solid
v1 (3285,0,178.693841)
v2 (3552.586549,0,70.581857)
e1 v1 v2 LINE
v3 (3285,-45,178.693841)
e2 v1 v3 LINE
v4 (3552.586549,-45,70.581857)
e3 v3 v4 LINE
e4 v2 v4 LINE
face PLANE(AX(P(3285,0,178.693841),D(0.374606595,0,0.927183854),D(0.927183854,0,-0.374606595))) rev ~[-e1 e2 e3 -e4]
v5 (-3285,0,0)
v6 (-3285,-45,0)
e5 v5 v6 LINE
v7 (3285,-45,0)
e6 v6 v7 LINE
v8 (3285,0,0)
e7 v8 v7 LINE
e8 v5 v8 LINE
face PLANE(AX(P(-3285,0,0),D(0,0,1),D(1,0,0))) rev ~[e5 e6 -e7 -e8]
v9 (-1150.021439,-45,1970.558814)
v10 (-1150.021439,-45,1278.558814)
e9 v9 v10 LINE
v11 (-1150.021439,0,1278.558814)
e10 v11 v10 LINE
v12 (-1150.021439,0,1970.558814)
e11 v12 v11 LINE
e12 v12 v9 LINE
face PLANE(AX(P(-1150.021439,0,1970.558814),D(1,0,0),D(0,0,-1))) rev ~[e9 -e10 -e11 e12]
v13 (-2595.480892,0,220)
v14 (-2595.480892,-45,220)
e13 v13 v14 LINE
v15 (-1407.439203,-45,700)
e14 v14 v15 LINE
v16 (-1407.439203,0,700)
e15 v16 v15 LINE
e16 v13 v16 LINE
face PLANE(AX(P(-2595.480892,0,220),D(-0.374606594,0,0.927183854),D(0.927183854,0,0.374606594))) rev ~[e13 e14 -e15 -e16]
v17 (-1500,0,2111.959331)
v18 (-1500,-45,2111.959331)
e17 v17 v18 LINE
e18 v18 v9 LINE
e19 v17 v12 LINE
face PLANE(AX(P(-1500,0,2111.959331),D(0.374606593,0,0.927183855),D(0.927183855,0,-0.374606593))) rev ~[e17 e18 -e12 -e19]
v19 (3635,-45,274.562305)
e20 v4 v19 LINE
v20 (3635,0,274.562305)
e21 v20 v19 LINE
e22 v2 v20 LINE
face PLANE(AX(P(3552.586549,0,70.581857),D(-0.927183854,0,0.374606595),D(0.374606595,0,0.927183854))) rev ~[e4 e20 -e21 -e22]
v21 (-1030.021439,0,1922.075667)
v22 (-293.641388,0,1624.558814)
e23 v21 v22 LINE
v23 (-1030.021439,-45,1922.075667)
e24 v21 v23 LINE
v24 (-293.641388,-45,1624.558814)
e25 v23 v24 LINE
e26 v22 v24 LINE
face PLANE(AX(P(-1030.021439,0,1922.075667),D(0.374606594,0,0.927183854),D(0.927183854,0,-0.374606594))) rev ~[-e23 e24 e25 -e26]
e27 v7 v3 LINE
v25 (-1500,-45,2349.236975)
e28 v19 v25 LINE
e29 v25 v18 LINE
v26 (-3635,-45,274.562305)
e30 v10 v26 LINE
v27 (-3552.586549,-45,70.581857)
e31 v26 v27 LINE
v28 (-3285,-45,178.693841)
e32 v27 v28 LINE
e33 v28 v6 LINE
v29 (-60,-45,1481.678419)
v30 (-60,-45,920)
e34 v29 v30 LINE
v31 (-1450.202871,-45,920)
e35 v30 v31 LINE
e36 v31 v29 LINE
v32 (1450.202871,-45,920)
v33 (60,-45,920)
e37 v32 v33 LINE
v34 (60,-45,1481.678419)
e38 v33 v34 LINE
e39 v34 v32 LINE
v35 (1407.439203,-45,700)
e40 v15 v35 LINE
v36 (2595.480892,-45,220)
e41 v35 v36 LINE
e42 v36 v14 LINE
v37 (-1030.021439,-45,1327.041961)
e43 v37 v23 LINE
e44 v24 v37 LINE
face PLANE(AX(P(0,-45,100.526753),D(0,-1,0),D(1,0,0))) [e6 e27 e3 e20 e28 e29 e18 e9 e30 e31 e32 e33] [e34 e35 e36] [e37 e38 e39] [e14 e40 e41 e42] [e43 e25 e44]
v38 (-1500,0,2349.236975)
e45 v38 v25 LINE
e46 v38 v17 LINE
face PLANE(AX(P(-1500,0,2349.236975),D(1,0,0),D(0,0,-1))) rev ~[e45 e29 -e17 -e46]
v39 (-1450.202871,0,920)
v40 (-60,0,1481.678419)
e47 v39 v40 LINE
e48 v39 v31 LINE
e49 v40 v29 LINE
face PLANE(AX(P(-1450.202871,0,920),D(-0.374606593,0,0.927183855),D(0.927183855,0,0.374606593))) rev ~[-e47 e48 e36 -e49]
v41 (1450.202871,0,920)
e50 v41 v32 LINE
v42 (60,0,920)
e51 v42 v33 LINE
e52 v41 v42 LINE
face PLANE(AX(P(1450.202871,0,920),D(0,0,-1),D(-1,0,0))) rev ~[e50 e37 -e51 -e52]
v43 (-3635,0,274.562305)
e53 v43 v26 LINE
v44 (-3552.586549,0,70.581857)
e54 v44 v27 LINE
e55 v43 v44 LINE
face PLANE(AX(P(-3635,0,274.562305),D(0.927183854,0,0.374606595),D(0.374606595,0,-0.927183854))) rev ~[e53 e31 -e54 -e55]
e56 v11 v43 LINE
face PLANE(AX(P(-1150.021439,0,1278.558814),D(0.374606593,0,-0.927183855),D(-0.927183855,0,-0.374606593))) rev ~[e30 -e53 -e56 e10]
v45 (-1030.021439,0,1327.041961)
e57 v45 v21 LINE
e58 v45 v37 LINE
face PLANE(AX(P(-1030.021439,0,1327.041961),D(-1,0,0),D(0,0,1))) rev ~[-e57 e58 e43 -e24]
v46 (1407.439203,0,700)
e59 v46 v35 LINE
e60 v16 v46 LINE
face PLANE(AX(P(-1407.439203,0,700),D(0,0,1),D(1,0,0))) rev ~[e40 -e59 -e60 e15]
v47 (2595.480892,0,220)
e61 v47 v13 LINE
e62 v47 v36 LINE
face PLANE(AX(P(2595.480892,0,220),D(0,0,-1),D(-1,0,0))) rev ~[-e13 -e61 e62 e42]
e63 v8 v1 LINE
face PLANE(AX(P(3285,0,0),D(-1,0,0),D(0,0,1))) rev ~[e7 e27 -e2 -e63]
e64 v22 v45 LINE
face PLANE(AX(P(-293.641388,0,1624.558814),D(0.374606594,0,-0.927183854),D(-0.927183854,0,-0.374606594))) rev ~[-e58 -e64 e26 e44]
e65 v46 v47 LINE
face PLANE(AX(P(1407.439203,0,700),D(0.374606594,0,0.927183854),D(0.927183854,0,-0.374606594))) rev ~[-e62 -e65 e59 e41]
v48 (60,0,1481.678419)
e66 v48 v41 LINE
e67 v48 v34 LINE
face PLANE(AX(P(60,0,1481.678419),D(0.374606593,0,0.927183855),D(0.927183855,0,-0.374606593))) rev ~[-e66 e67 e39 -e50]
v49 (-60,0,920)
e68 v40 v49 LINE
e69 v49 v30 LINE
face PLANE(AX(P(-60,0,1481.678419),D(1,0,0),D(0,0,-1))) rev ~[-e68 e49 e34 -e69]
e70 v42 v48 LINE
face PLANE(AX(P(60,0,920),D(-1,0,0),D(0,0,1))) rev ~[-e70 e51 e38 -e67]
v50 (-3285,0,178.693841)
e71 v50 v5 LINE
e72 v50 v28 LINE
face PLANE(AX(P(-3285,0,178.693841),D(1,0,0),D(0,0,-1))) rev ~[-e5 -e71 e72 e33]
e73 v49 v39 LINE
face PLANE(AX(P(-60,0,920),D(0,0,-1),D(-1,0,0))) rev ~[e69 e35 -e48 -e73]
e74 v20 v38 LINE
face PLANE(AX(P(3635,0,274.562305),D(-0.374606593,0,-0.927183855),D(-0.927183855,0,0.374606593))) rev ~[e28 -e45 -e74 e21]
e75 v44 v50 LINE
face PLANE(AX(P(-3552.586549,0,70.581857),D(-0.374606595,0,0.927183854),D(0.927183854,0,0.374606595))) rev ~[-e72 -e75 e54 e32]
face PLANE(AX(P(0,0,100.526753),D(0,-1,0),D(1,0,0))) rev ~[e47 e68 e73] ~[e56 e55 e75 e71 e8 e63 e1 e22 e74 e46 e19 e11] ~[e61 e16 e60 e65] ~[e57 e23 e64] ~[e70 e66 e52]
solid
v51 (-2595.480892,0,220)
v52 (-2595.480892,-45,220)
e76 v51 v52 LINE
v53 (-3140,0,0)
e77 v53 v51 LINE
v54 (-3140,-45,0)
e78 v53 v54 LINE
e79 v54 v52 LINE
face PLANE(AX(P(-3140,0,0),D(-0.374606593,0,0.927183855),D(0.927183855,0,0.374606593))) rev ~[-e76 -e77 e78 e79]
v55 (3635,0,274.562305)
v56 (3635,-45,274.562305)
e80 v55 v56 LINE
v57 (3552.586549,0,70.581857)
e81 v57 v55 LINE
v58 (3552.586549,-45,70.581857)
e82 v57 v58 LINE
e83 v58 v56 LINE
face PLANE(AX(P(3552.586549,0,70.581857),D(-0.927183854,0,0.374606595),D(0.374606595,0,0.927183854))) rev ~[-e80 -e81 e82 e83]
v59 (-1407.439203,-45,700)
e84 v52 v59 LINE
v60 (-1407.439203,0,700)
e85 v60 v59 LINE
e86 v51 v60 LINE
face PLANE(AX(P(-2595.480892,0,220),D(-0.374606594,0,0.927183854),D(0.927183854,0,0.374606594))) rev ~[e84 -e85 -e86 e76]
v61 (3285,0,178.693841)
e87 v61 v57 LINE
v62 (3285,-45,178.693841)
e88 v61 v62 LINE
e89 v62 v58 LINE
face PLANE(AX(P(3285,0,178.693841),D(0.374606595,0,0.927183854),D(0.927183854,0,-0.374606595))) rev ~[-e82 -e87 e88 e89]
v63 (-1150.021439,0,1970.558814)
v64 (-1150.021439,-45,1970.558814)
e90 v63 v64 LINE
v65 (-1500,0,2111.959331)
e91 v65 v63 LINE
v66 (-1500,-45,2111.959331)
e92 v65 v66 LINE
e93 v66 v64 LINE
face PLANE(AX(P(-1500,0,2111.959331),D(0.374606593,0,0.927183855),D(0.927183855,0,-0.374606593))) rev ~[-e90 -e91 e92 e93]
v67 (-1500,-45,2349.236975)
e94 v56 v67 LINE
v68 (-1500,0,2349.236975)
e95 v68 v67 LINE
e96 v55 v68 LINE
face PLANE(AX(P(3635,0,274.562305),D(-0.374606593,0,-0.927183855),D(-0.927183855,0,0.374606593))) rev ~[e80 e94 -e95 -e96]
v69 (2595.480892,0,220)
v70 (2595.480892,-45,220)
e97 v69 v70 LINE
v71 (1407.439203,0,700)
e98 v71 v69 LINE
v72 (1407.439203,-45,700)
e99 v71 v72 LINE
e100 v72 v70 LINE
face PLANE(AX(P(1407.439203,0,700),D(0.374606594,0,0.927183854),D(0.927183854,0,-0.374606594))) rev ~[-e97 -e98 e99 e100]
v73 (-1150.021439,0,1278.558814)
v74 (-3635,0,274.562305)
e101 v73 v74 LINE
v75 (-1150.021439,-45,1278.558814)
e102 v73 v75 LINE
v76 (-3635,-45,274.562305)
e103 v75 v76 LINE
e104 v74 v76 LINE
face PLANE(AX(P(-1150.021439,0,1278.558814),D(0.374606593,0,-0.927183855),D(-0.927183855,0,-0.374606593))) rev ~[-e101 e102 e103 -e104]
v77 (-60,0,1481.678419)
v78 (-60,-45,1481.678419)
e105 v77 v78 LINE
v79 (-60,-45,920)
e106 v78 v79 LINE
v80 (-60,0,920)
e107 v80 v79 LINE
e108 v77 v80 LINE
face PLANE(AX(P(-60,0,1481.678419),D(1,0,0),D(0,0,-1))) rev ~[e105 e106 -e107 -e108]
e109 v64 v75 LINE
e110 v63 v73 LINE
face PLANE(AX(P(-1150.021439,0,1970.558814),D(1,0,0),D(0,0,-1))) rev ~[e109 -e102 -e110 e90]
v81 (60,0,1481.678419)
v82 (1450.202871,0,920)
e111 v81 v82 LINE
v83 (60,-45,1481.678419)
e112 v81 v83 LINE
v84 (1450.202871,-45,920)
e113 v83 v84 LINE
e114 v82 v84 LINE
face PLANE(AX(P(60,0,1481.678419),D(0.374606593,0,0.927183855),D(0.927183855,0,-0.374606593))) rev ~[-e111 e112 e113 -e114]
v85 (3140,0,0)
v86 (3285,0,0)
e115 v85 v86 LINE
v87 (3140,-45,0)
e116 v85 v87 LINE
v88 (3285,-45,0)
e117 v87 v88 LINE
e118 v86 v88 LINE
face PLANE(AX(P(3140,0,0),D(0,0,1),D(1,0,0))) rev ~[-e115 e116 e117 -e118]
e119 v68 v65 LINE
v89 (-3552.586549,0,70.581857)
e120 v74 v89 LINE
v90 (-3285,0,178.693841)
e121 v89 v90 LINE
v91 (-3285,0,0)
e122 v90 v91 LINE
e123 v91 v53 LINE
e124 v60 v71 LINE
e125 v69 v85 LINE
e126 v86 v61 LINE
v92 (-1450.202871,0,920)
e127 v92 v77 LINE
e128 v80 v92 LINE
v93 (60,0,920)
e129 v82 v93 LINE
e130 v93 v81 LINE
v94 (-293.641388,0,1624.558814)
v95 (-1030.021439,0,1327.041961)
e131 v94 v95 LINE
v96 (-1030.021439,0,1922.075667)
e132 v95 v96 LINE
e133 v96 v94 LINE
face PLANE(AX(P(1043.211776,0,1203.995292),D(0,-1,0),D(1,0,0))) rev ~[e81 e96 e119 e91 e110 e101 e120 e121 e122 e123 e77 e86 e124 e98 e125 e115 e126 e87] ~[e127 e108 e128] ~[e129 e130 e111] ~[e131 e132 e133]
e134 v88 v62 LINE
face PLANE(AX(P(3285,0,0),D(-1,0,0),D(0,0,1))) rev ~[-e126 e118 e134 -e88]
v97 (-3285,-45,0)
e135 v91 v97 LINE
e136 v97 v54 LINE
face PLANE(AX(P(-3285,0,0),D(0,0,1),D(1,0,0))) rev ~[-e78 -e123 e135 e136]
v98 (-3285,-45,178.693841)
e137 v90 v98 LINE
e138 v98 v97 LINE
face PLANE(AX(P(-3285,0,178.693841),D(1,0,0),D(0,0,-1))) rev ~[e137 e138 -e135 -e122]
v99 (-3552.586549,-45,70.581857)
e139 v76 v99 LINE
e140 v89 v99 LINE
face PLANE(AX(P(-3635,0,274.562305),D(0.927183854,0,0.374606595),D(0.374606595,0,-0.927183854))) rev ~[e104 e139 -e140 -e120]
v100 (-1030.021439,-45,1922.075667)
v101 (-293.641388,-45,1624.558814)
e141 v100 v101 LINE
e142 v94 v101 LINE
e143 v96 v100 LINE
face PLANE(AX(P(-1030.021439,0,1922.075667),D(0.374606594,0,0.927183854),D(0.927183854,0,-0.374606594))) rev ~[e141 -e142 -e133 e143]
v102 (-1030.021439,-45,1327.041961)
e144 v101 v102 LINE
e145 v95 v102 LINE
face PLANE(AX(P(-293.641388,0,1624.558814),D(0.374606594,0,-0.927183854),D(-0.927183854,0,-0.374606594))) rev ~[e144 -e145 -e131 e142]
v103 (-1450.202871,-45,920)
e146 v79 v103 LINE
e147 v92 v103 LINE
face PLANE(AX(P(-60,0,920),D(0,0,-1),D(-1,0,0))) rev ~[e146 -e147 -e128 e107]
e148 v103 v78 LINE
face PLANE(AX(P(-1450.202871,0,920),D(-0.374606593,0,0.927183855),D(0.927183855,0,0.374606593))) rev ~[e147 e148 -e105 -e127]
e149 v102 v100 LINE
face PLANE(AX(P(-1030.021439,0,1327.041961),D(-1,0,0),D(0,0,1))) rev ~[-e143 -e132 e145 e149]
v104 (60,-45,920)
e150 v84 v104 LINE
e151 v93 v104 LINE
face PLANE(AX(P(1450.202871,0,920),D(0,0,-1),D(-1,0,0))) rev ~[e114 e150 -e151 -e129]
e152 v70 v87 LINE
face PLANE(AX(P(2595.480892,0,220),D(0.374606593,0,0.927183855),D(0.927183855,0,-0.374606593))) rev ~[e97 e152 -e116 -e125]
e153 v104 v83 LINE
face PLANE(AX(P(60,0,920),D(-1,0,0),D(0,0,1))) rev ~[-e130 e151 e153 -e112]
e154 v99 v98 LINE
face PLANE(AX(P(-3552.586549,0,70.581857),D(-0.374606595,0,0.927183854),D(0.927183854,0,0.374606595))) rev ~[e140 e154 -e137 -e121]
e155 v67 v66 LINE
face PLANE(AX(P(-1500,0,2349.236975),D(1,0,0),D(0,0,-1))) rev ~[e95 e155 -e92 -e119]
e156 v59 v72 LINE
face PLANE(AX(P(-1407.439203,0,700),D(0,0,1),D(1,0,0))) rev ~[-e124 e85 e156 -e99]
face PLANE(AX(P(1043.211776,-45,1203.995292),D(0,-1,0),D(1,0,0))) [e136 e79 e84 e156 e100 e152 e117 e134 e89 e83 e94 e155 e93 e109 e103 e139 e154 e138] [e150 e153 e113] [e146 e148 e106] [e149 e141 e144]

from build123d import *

# Parameters (mm, degrees)
F1_DEPTH = 45
F2_DEPTH = 45


with BuildPart() as f1:
    # F0 (on Front) → F1 (new body)
    with BuildSketch(Plane.XZ):
        Polygon((1994.721978, 700), (3285, 178.693841), (3552.586549, 70.581857), (3635, 274.562305), (-1500, 2349.236975), (-1500, 2111.959331), (-1150.021439, 1970.558814), (-1030.021439, 1922.075667), (-293.641388, 1624.558814), (0, 1505.919993), (60, 1481.678419), (1450.202871, 920), align=None)
        Polygon((-1150.021439, 1970.558814), (-1150.021439, 1278.558814), (-1030.021439, 1327.041961), (-1030.021439, 1922.075667), align=None)
        Polygon((-3552.586549, 70.581857), (-3285, 178.693841), (-1994.721978, 700), (-1450.202871, 920), (-60, 1481.678419), (0, 1505.919993), (-293.641388, 1624.558814), (-1030.021439, 1327.041961), (-1150.021439, 1278.558814), (-3635, 274.562305), align=None)
        Polygon((-3285, 0), (-3140, 0), (-2595.480892, 220), (-1407.439203, 700), (-1994.721978, 700), (-3285, 178.693841), align=None)
        Polygon((-1994.721978, 700), (-1407.439203, 700), (1407.439203, 700), (1994.721978, 700), (1450.202871, 920), (60, 920), (-60, 920), (-1450.202871, 920), align=None)
        Polygon((0, 1505.919993), (-60, 1481.678419), (-60, 920), (60, 920), (60, 1481.678419), align=None)
        Polygon((2595.480892, 220), (3140, 0), (3285, 0), (3285, 178.693841), (1994.721978, 700), (1407.439203, 700), align=None)
    extrude(amount=F1_DEPTH)


with BuildPart() as f2:
    # F0 (on Front) → F2 (new body)
    with BuildSketch(Plane.XZ):
        Polygon((-2595.480892, 220), (-3140, 0), (3140, 0), (2595.480892, 220), align=None)
        Polygon((2595.480892, 220), (3140, 0), (3285, 0), (3285, 178.693841), (1994.721978, 700), (1407.439203, 700), align=None)
        Polygon((1994.721978, 700), (3285, 178.693841), (3552.586549, 70.581857), (3635, 274.562305), (-1500, 2349.236975), (-1500, 2111.959331), (-1150.021439, 1970.558814), (-1030.021439, 1922.075667), (-293.641388, 1624.558814), (0, 1505.919993), (60, 1481.678419), (1450.202871, 920), align=None)
        Polygon((-1994.721978, 700), (-1407.439203, 700), (1407.439203, 700), (1994.721978, 700), (1450.202871, 920), (60, 920), (-60, 920), (-1450.202871, 920), align=None)
        Polygon((0, 1505.919993), (-60, 1481.678419), (-60, 920), (60, 920), (60, 1481.678419), align=None)
        Polygon((-3552.586549, 70.581857), (-3285, 178.693841), (-1994.721978, 700), (-1450.202871, 920), (-60, 1481.678419), (0, 1505.919993), (-293.641388, 1624.558814), (-1030.021439, 1327.041961), (-1150.021439, 1278.558814), (-3635, 274.562305), align=None)
        Polygon((-1150.021439, 1970.558814), (-1150.021439, 1278.558814), (-1030.021439, 1327.041961), (-1030.021439, 1922.075667), align=None)
        Polygon((-3285, 0), (-3140, 0), (-2595.480892, 220), (-1407.439203, 700), (-1994.721978, 700), (-3285, 178.693841), align=None)
    extrude(amount=F2_DEPTH)


solid = Compound([f1.part, f2.part])
